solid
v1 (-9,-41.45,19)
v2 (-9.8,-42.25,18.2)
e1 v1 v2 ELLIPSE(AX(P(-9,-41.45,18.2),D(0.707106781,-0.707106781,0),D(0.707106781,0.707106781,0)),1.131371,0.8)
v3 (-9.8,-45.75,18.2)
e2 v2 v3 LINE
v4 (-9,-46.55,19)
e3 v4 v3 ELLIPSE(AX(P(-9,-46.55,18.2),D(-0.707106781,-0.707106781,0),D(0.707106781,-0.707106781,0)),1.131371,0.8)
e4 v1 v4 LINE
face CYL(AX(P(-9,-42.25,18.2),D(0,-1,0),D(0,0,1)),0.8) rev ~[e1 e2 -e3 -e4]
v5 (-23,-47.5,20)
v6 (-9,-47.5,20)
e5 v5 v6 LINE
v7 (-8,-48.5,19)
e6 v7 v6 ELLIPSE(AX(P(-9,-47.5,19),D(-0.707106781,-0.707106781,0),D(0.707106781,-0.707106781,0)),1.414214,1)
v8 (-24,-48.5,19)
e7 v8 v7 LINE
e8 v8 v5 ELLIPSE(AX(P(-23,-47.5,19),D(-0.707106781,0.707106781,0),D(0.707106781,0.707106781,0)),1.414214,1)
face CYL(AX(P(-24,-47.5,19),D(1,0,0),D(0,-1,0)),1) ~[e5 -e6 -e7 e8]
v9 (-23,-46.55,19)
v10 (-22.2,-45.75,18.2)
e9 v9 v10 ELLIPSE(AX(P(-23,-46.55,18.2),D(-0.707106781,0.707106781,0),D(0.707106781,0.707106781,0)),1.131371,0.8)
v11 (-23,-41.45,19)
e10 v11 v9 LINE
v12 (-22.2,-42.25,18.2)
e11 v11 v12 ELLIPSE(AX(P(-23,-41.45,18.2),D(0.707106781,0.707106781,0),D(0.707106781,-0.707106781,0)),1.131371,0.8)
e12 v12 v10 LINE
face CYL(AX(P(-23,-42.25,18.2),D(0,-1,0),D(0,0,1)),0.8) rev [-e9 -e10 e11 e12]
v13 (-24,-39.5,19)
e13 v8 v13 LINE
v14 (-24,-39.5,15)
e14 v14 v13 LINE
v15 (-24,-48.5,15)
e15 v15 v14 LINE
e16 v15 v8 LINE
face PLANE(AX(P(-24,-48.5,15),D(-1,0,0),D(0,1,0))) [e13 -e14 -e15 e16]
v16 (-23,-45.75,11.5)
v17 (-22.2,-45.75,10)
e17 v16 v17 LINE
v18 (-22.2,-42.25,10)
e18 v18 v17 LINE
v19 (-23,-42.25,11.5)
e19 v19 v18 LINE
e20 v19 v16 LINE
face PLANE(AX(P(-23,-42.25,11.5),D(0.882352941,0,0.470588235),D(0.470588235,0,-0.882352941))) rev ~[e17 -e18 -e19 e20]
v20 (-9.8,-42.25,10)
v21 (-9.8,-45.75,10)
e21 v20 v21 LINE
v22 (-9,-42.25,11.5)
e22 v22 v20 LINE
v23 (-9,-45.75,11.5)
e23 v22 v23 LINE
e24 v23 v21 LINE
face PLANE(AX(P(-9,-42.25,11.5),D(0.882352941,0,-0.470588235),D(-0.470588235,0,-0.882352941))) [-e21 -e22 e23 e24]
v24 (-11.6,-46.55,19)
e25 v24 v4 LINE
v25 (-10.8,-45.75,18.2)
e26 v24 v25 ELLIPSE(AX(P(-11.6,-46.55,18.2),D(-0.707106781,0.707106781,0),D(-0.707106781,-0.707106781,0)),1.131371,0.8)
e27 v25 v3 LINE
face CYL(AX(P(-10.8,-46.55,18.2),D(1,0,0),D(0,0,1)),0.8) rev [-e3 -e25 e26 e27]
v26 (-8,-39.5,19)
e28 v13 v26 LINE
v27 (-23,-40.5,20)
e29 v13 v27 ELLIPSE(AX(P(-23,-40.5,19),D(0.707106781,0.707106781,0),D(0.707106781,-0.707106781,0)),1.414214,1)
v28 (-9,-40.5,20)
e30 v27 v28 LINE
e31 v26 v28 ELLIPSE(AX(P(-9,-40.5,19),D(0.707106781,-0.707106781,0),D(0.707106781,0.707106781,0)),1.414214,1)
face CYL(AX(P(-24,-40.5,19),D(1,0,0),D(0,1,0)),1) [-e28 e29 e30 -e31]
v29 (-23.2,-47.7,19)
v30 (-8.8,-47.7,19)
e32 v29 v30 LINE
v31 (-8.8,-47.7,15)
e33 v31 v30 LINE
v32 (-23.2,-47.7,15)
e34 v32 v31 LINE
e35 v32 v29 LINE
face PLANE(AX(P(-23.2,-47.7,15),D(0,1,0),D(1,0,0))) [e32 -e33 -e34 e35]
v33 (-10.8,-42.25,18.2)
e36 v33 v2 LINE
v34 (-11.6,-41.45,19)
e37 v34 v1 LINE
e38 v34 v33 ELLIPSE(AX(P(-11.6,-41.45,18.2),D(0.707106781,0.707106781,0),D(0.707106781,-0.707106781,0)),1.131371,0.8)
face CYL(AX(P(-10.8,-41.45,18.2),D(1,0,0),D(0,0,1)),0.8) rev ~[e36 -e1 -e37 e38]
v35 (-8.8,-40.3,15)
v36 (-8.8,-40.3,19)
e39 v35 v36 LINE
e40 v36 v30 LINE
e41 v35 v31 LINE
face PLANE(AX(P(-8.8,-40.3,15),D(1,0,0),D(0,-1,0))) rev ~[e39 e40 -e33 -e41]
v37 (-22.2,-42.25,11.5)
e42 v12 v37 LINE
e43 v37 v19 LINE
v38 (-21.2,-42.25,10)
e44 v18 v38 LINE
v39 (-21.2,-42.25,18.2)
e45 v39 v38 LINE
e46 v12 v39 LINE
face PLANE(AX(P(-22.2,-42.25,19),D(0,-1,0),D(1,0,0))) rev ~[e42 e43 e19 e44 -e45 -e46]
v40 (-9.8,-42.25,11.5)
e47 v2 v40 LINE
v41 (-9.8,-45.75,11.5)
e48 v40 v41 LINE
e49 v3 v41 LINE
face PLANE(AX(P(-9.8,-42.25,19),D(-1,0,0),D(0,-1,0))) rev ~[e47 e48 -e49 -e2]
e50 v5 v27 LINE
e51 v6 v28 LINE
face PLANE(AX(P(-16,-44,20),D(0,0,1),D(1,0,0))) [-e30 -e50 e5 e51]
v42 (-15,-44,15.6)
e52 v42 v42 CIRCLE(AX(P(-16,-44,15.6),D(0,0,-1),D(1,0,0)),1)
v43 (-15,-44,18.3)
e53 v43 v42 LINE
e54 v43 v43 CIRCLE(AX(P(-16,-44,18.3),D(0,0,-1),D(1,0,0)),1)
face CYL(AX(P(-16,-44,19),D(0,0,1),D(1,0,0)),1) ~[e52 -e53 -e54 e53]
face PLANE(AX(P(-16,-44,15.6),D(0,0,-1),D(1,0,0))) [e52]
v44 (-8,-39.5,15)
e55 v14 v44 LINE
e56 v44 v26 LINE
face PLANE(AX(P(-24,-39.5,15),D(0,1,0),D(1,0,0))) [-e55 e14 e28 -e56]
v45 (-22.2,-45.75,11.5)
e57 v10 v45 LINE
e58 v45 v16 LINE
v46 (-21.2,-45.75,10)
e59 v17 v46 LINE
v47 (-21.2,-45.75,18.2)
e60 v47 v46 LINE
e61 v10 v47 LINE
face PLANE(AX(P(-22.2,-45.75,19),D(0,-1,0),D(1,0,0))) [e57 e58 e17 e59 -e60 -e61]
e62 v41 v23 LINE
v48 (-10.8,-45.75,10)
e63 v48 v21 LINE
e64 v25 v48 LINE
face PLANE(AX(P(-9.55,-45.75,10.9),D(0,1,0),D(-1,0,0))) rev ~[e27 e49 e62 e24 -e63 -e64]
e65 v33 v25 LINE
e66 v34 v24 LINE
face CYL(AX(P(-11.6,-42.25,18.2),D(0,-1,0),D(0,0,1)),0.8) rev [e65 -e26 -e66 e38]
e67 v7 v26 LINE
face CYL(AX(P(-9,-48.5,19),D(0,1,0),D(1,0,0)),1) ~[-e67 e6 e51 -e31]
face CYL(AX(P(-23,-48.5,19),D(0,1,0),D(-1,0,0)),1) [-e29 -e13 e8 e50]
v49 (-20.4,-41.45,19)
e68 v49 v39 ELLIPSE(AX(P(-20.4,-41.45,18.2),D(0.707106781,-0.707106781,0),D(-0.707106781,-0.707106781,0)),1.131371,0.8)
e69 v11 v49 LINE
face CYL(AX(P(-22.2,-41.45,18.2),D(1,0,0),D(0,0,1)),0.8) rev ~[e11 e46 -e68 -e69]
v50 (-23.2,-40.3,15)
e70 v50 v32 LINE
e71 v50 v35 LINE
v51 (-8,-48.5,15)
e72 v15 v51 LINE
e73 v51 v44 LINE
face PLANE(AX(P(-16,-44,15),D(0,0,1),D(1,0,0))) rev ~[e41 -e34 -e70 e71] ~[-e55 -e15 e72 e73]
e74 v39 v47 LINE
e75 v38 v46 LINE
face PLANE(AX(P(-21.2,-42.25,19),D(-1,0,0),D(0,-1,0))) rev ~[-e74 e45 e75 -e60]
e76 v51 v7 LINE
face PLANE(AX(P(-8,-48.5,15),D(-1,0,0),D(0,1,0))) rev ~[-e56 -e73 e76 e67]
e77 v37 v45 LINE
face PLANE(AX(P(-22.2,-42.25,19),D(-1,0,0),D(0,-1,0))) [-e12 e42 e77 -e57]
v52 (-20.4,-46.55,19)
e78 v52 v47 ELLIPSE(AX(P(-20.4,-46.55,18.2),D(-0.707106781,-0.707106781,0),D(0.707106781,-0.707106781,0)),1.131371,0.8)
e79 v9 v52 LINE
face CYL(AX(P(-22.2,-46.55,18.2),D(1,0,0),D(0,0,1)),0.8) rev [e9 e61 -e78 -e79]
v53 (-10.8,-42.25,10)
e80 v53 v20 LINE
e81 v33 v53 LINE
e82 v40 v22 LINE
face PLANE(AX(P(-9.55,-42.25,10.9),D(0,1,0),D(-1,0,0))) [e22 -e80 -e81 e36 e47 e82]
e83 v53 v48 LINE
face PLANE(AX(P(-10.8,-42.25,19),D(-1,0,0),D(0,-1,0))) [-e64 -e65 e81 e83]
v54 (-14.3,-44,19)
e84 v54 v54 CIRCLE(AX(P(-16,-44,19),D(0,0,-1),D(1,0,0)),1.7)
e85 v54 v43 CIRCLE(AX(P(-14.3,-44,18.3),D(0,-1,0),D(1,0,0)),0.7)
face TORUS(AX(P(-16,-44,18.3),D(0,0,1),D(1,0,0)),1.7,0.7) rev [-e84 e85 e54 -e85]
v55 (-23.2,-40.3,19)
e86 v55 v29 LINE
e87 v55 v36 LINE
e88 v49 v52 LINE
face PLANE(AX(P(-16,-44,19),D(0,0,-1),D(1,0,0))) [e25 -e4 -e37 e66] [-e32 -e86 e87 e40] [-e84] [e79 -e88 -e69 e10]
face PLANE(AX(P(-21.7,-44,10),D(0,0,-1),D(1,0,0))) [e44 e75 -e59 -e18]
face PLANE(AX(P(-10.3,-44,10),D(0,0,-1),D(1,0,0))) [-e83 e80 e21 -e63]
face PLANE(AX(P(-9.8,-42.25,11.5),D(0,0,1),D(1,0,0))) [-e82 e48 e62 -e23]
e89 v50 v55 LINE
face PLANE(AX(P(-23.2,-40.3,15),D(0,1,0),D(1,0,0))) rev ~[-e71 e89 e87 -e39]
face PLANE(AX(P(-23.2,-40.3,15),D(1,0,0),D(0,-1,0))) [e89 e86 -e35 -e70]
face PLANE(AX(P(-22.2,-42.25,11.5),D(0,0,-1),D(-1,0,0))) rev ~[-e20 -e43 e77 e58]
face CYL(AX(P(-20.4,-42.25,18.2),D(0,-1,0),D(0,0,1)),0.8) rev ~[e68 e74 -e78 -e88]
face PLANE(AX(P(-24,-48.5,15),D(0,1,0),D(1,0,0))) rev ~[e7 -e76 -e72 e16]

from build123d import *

# Parameters (mm, degrees)
SKETCH036_W     = 16
SKETCH036_H     = 9
PAD021_DEPTH    = 5
SKETCH037_W     = 14.4
SKETCH037_H     = 7.4
POCKET013_DEPTH = 4
SKETCH038_W     = 1
SKETCH038_H     = 3.5
PAD022_DEPTH    = 9
PAD023_DEPTH    = 3.5
SKETCH041_R     = 1
PAD025_DEPTH    = 3.4
FILLET002_R     = 1
FILLET007_R     = 0.7
FILLET011_R     = 0.8


with BuildPart() as part:
    # Sketch036 → Pad021 (new body)
    with BuildSketch(Plane.XY):
        Rectangle(SKETCH036_W, SKETCH036_H)
    extrude(amount=PAD021_DEPTH)

    # Sketch037 (on Face5 of Pad021) → Pocket013 (cut)
    with BuildSketch(Plane(origin=(0, 0, 0), x_dir=(1, 0, 0), z_dir=(0, 0, -1))):
        Rectangle(SKETCH037_W, SKETCH037_H)
    extrude(amount=-POCKET013_DEPTH, mode=Mode.SUBTRACT)

    # Sketch038 (on Face11 of Pocket013) → Pad022 (join)
    with BuildSketch(Plane(origin=(0, 0, 4), x_dir=(1, 0, 0), z_dir=(0, 0, -1))):
        with Locations((-5.7, 0)):
            Rectangle(SKETCH038_W, SKETCH038_H)
        with Locations((5.7, 0)):
            Rectangle(SKETCH038_W, SKETCH038_H)
    extrude(amount=PAD022_DEPTH)

    # Sketch039 (on Face17 of Pad022) → Pad023 (join)
    with BuildSketch(Plane(origin=(0, 1.75, 0), x_dir=(-1, 0, 0), z_dir=(0, 1, 0))):
        Polygon((-6.2, -3.5), (-7, -3.5), (-6.2, -5), align=None)
        Polygon((6.2, -3.5), (7, -3.5), (6.2, -5), align=None)
    extrude(amount=-PAD023_DEPTH)

    # Sketch041 (on Face11 of Pad023) → Pad025 (join)
    with BuildSketch(Plane(origin=(0, 0, 4), x_dir=(1, 0, 0), z_dir=(0, 0, -1))):
        Circle(SKETCH041_R)
    extrude(amount=PAD025_DEPTH)

    # Fillet002
    fillet002_edges = [part.edges().sort_by_distance(p)[0] for p in [
        (0, 4.5, 5),
        (-8, 0, 5),
        (0, -4.5, 5),
        (8, 0, 5),
    ]]
    fillet(fillet002_edges, radius=FILLET002_R)

    # Fillet007
    fillet007_edges = [part.edges().sort_by_distance(p)[0] for p in [
        (-1, 0, 4),
    ]]
    fillet(fillet007_edges, radius=FILLET007_R)

    # Fillet011
    fillet011_edges = [part.edges().sort_by_distance(p)[0] for p in [
        (5.2, 0, 4),
        (5.7, 1.75, 4),
        (6.2, 0, 4),
        (5.7, -1.75, 4),
        (-5.7, -1.75, 4),
        (-6.2, 0, 4),
        (-5.2, 0, 4),
        (-5.7, 1.75, 4),
    ]]
    fillet(fillet011_edges, radius=FILLET011_R)


with BuildPart() as part_1:
    # Body008 placement: moved
    add(part.part.moved(Location((-33, -44, 15))))


with BuildPart() as part_2:
    # Clone placement: moved
    add(part_1.part.moved(Location((33, 0, 4))))


with BuildPart() as part_3:
    # Body009 placement: moved
    add(part_2.part.moved(Location((-16, 0, -4))))


solid = part_3.part
